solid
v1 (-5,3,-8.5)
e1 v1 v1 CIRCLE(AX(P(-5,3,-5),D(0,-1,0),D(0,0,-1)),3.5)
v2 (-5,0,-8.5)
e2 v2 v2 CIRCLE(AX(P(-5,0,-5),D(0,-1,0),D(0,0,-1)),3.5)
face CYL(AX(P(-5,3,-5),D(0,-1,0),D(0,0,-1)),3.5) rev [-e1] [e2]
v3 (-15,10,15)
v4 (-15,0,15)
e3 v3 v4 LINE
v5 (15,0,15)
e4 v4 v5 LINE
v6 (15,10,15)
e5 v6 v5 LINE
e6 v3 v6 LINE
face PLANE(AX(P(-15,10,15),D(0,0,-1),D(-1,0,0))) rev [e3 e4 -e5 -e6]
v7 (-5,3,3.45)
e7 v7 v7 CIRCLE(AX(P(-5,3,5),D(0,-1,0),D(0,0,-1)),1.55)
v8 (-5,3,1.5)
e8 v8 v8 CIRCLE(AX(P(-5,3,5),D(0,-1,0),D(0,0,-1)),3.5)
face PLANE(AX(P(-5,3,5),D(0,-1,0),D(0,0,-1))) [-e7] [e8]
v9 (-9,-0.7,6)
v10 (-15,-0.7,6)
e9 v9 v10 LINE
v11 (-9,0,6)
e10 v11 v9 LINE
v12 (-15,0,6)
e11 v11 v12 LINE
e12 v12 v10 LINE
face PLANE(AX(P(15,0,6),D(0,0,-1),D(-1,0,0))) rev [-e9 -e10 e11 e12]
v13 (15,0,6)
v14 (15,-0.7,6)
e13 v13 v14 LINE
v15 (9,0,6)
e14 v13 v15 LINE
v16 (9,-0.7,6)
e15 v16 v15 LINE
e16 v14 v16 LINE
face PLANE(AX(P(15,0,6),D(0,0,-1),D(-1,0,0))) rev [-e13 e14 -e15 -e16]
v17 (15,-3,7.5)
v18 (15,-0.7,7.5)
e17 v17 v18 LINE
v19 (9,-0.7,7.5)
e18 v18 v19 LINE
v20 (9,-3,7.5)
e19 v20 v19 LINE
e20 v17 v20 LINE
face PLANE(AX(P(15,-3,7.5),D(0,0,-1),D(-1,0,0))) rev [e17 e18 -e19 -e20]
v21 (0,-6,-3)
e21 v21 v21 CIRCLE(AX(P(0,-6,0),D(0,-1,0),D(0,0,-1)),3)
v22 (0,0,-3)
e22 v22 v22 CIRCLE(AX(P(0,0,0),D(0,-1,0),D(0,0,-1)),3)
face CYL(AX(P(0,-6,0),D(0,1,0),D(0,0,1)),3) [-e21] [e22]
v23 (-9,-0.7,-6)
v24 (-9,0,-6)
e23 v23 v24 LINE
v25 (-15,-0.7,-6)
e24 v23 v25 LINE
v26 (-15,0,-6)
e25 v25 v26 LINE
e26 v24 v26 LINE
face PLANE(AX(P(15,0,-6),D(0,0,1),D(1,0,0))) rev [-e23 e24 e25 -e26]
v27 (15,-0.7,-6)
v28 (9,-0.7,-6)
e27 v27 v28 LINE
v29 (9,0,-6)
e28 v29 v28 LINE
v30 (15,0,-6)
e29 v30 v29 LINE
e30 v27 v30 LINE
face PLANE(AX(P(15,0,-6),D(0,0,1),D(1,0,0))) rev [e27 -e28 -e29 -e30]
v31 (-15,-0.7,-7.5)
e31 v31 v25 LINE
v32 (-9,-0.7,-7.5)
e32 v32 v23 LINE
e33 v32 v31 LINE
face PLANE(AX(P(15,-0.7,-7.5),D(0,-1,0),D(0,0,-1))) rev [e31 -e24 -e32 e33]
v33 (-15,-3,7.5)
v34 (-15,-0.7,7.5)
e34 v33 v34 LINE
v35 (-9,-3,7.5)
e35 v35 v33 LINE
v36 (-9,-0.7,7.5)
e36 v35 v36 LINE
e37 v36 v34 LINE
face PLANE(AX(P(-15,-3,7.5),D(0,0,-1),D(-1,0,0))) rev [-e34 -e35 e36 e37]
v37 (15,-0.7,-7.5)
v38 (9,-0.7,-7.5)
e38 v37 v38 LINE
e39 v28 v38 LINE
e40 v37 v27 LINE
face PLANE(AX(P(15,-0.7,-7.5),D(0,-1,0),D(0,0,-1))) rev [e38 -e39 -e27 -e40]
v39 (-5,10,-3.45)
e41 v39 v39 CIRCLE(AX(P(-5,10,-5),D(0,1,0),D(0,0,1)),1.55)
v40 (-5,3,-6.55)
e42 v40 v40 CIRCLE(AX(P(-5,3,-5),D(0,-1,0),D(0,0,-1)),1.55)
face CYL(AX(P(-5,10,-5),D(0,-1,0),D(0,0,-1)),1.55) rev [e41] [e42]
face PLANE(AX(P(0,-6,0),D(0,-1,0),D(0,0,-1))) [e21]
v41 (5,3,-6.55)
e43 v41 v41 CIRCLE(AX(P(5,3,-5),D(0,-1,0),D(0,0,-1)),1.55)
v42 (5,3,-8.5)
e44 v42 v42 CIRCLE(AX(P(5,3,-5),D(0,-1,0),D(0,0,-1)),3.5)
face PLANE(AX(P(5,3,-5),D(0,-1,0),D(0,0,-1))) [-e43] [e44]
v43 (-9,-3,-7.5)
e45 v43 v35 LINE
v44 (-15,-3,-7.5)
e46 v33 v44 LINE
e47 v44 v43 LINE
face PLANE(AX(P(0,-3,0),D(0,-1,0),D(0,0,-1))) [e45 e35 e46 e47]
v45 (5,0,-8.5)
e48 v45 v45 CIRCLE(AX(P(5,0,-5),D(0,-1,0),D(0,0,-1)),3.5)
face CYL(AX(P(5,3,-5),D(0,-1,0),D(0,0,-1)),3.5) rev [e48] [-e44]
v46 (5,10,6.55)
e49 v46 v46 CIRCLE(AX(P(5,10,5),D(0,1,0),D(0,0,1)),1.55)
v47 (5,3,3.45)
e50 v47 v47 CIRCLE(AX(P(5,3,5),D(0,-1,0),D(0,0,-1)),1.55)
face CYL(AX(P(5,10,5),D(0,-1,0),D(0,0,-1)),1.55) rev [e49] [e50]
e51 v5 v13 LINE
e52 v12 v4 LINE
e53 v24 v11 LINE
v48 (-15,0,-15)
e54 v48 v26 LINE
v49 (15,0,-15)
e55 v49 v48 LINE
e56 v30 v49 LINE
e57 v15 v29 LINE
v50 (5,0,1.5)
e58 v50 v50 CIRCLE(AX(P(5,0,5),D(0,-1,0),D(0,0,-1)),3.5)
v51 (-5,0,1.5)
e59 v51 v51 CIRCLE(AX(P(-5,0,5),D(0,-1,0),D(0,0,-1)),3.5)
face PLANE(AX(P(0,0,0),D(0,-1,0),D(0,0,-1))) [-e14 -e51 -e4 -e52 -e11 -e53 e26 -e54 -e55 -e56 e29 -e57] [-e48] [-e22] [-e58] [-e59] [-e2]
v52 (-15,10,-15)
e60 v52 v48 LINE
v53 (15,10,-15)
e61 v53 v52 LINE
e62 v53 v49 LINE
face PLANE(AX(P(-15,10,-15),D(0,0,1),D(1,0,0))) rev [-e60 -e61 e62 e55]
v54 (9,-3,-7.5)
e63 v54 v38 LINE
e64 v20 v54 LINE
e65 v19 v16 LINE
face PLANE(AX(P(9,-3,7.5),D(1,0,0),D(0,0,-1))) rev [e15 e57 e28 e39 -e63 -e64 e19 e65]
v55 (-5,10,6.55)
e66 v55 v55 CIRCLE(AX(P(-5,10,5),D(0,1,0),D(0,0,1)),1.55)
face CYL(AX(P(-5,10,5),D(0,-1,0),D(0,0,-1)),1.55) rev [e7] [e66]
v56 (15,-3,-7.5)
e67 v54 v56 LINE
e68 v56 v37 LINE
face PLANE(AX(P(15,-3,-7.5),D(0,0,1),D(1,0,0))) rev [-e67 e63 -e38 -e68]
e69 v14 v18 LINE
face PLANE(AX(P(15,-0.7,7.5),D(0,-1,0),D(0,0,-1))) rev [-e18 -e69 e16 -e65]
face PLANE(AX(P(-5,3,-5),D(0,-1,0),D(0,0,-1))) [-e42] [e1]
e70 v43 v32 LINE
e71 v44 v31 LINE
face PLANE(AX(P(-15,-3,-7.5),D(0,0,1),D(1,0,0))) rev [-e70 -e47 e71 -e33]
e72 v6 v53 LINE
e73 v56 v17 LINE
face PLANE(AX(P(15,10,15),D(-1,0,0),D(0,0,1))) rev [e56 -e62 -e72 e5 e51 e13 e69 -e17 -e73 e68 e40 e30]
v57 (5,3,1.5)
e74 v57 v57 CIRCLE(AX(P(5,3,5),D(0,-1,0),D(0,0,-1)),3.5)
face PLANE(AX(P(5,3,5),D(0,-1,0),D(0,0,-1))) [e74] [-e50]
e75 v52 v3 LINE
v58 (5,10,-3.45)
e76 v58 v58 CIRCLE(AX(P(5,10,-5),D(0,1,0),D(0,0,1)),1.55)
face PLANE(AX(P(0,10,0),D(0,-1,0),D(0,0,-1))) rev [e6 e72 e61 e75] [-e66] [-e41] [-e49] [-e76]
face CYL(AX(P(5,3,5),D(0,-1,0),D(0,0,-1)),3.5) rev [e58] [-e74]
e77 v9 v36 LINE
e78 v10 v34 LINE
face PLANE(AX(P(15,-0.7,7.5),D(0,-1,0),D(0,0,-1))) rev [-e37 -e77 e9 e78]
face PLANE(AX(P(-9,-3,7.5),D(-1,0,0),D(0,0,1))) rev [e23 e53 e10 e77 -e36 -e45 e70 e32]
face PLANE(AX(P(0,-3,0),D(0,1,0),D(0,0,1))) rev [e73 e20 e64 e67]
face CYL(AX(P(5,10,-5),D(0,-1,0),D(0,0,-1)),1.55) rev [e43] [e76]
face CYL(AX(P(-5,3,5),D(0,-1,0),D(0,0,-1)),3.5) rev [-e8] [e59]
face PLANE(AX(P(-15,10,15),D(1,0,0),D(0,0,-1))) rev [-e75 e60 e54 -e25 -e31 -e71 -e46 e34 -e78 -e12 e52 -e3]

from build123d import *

# Parameters (mm, degrees)
SKETCH_1_W          = 30
SKETCH_1_H          = 30
SKETCH_1_R          = 1.55
EXTRUDE_1_DEPTH     = 10
SKETCH_2_R          = 3.5
CUT_EXTRUDE_1_DEPTH = 3
SKETCH_3_W          = 6
SKETCH_3_H          = 15
EXTRUDE_3_DEPTH     = 3
SKETCH_5_W          = 1.5
SKETCH_5_H          = 0.7
CUT_EXTRUDE_3_DEPTH = 36
SKETCH_6_R          = 3
EXTRUDE_4_DEPTH     = 6


with BuildPart() as part:
    # 草图1 → 凸台-拉伸1 (new body)
    with BuildSketch(Plane(origin=(0, 0, 0), x_dir=(1, 0, 0), z_dir=(0, 1, 0))):
        Rectangle(SKETCH_1_W, SKETCH_1_H)
        with Locations(Location((-5, 5, 0), (0, 0, 270))):
            Circle(SKETCH_1_R, mode=Mode.SUBTRACT)
        with Locations(Location((5, 5, 0), (0, 0, 270))):
            Circle(SKETCH_1_R, mode=Mode.SUBTRACT)
        with Locations(Location((5, -5, 0), (0, 0, 270))):
            Circle(SKETCH_1_R, mode=Mode.SUBTRACT)
        with Locations(Location((-5, -5, 0), (0, 0, 270))):
            Circle(SKETCH_1_R, mode=Mode.SUBTRACT)
    extrude(amount=EXTRUDE_1_DEPTH)

    # 草图2 → 切除-拉伸1 (cut)
    with BuildSketch(Plane.XZ):
        with Locations(Location((-5, 5, 0), (0, 0, 270))):
            Circle(SKETCH_2_R)
        with Locations(Location((5, 5, 0), (0, 0, 270))):
            Circle(SKETCH_2_R)
        with Locations(Location((5, -5, 0), (0, 0, 270))):
            Circle(SKETCH_2_R)
        with Locations(Location((-5, -5, 0), (0, 0, 270))):
            Circle(SKETCH_2_R)
    extrude(amount=-CUT_EXTRUDE_1_DEPTH, mode=Mode.SUBTRACT)

    # 草图3 → 凸台-拉伸3 (add)
    with BuildSketch(Plane.XZ):
        with Locations((-12, 0)):
            Rectangle(SKETCH_3_W, SKETCH_3_H)
        with Locations((12, 0)):
            Rectangle(SKETCH_3_W, SKETCH_3_H)
    extrude(amount=EXTRUDE_3_DEPTH)

    # 草图5 → 切除-拉伸3 (cut, through all)
    with BuildSketch(Plane.ZY.offset(15)):
        with Locations((-6.75, -0.35)):
            Rectangle(SKETCH_5_W, SKETCH_5_H)
        with Locations((6.75, -0.35)):
            Rectangle(SKETCH_5_W, SKETCH_5_H)
    extrude(amount=-CUT_EXTRUDE_3_DEPTH, mode=Mode.SUBTRACT)

    # 草图6 → 凸台-拉伸4 (add)
    with BuildSketch(Plane.XZ):
        with Locations(Location((0, 0, 0), (0, 0, 270))):
            Circle(SKETCH_6_R)
    extrude(amount=EXTRUDE_4_DEPTH)


solid = part.part
